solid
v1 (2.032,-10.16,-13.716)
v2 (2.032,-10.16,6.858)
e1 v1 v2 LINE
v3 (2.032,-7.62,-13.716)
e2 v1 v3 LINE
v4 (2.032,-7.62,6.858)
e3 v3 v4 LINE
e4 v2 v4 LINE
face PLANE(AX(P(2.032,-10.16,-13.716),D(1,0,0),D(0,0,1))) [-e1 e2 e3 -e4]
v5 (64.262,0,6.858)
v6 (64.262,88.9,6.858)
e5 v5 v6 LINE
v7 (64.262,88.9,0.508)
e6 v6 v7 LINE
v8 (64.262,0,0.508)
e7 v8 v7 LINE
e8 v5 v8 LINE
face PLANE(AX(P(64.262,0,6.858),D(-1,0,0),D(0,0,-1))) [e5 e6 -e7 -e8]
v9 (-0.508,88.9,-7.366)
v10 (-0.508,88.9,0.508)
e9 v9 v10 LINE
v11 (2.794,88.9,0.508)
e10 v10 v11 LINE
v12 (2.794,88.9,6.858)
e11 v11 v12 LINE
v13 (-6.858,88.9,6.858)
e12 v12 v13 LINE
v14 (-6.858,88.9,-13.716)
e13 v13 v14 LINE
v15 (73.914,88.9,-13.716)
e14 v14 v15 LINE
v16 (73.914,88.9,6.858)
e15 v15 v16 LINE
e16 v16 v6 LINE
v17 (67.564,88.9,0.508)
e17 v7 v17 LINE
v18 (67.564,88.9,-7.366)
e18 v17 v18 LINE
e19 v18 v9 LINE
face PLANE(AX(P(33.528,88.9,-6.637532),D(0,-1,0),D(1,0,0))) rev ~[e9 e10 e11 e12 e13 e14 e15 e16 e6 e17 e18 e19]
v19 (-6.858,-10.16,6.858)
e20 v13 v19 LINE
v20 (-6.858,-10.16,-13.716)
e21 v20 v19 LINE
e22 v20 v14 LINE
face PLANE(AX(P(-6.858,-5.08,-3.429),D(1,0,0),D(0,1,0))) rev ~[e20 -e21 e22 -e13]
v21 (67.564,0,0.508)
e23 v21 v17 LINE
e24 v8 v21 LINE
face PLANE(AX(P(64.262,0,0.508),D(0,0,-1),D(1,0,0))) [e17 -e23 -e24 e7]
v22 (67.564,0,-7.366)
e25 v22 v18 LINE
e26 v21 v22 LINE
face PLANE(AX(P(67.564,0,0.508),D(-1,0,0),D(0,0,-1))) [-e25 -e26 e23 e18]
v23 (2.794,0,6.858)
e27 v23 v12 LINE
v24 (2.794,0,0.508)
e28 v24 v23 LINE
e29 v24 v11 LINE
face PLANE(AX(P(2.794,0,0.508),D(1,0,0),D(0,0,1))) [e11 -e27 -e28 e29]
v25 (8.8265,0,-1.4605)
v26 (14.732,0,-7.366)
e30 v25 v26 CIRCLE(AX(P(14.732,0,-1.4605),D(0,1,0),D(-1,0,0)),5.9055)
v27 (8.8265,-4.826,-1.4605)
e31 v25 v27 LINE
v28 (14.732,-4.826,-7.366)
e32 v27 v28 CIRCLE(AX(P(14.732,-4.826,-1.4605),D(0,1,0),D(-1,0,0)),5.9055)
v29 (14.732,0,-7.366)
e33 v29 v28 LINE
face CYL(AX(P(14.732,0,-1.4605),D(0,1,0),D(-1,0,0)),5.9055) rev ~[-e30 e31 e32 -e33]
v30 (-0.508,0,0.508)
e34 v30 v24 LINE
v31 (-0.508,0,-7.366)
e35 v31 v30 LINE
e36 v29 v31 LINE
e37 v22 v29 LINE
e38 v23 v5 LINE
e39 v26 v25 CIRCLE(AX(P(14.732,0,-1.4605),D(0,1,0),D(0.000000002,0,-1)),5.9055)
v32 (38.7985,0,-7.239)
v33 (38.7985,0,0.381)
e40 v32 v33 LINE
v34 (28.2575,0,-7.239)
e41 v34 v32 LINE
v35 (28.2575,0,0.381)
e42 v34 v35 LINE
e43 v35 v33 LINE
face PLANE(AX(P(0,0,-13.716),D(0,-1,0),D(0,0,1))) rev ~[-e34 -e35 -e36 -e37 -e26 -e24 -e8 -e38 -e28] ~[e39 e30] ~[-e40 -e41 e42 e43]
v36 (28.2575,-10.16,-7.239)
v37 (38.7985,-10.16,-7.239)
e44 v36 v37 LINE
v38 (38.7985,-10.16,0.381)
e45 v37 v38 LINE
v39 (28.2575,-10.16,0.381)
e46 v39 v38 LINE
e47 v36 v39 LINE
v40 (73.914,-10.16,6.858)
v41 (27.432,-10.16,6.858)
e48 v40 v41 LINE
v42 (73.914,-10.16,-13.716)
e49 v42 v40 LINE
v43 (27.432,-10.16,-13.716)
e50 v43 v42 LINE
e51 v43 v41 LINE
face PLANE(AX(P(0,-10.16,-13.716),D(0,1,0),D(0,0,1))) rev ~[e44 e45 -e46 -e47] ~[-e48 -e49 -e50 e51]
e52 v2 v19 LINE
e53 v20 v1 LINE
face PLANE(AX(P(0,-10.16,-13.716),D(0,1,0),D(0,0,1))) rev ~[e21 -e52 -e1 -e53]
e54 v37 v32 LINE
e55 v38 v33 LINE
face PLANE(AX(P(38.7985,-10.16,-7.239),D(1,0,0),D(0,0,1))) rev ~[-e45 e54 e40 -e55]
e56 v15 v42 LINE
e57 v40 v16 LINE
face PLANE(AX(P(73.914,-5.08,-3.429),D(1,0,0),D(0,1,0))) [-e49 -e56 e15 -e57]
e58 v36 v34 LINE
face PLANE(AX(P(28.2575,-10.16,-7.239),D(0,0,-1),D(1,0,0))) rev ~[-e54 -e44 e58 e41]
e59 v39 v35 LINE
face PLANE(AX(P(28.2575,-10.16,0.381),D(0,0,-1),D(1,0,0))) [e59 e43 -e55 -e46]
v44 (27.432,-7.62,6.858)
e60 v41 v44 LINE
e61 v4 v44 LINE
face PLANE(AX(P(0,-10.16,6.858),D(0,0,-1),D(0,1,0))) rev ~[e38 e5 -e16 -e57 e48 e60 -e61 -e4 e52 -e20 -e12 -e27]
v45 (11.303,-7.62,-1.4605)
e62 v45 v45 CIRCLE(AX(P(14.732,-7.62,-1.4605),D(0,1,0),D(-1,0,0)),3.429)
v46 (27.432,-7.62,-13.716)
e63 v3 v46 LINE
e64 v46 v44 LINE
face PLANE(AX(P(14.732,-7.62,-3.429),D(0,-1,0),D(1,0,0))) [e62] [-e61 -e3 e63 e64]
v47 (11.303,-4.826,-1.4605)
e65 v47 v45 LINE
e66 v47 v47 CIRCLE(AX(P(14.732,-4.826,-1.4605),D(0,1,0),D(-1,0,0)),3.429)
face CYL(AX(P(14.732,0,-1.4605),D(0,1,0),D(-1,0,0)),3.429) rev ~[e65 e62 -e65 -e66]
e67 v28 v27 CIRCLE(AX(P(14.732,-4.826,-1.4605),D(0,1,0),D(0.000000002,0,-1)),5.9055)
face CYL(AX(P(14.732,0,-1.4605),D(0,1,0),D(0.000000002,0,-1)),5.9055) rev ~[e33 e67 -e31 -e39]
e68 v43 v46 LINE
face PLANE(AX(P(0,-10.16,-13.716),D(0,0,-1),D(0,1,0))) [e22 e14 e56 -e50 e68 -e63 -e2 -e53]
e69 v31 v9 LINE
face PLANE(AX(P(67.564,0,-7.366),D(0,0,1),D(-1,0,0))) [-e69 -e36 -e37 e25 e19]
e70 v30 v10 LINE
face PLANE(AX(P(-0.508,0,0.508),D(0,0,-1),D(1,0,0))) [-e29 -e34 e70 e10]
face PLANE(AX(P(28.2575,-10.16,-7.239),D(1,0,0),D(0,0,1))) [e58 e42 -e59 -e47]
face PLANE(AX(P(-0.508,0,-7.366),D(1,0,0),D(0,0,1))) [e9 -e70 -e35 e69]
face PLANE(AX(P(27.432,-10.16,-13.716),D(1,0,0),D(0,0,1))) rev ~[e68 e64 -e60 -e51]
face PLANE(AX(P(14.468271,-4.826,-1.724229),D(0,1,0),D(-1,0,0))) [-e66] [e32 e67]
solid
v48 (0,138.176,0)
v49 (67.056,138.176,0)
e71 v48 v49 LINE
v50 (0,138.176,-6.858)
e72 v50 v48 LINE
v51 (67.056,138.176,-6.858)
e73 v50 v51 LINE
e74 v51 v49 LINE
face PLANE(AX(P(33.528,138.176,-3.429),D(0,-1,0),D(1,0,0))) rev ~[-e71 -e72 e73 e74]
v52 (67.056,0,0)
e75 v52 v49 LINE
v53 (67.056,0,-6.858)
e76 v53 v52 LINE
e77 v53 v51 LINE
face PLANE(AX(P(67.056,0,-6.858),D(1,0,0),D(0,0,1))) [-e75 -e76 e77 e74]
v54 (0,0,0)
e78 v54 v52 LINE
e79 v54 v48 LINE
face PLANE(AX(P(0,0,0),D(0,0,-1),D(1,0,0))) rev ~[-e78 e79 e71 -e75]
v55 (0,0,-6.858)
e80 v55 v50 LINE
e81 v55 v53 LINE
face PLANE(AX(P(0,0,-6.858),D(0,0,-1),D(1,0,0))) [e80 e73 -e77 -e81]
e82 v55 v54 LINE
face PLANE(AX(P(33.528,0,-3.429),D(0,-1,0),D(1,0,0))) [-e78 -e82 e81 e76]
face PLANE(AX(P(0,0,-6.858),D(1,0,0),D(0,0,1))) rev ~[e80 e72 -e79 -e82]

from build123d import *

# Parameters (mm, degrees)
F0_W          = 67.056
F0_H          = 6.858
F1_DEPTH      = 138.176
F3_DEPTH      = 88.9
F4_W          = 10.16
F4_H          = 20.574
F5_DEPTH      = 73.914
F5_DEPTH_BACK = 6.858
F6_W          = 10.541
F6_H          = 7.62
F7_DEPTH      = 148.337
F8_R          = 3.429
F9_DEPTH      = 10.161
F10_DEPTH     = 4.826
F11_W         = 25.4
F11_H         = 20.574
F11_R         = 3.429
F12_DEPTH     = 2.54


with BuildPart() as f1:
    # F0 (on Front) → F1 (new body)
    with BuildSketch(Plane.XZ):
        with Locations((33.528, -3.429)):
            Rectangle(F0_W, F0_H)
    extrude(amount=-F1_DEPTH)


with BuildPart() as f3:
    # F2 (on face) → F3 (new body)
    with BuildSketch(Plane.XZ):
        Polygon((-0.508, -7.366), (-0.508, 0), (-0.508, 0.508), (2.794, 0.508), (2.794, 6.858), (-6.858, 6.858), (-6.858, -13.716), (73.914, -13.716), (73.914, 6.858), (64.262, 6.858), (64.262, 0.508), (67.564, 0.508), (67.564, 0), (67.564, -7.366), align=None)
    extrude(amount=-F3_DEPTH)

    # F4 (on Right) → F5 (join, two sides)
    with BuildSketch(Plane.YZ) as f5_sk:
        with Locations((-5.08, -3.429)):
            Rectangle(F4_W, F4_H)
    extrude(amount=F5_DEPTH)
    extrude(f5_sk.sketch, amount=-F5_DEPTH_BACK)

    # F6 (on face) → F7 (cut, through all)
    with BuildSketch(Plane.XZ.offset(10.16)):
        with Locations((33.5280000003, -3.429)):
            Rectangle(F6_W, F6_H)
    extrude(amount=-F7_DEPTH, mode=Mode.SUBTRACT)

    # F8 (on face) → F9 (cut, through all)
    with BuildSketch(Plane(origin=(0, 0, 0), x_dir=(-1, 0, 0), z_dir=(0, 1, 0))):
        with Locations((-14.732, -1.4605)):
            Circle(F8_R)
    extrude(amount=-F9_DEPTH, mode=Mode.SUBTRACT)

    # F8 (on face) → F10 (cut)
    with BuildSketch(Plane(origin=(0, 0, 0), x_dir=(-1, 0, 0), z_dir=(0, 1, 0))):
        with BuildLine():
            ThreePointArc((-14.732000012, -7.366), (-10.5561809079, -5.6363191005), (-8.8265, -1.4605))
            ThreePointArc((-8.8265, -1.4605), (-18.9078190921, 2.7153191005), (-14.732000012, -7.366))
        make_face()
        with Locations((-14.732, -1.4605)):
            Circle(F8_R, mode=Mode.SUBTRACT)
    extrude(amount=-F10_DEPTH, mode=Mode.SUBTRACT)

    # F11 (on face) → F12 (cut)
    with BuildSketch(Plane.XZ.offset(10.16)):
        with Locations((14.732, -3.429)):
            Rectangle(F11_W, F11_H)
        with Locations((14.732, -1.4605)):
            Circle(F11_R, mode=Mode.SUBTRACT)
    extrude(amount=-F12_DEPTH, mode=Mode.SUBTRACT)


solid = Compound([f1.part, f3.part])
